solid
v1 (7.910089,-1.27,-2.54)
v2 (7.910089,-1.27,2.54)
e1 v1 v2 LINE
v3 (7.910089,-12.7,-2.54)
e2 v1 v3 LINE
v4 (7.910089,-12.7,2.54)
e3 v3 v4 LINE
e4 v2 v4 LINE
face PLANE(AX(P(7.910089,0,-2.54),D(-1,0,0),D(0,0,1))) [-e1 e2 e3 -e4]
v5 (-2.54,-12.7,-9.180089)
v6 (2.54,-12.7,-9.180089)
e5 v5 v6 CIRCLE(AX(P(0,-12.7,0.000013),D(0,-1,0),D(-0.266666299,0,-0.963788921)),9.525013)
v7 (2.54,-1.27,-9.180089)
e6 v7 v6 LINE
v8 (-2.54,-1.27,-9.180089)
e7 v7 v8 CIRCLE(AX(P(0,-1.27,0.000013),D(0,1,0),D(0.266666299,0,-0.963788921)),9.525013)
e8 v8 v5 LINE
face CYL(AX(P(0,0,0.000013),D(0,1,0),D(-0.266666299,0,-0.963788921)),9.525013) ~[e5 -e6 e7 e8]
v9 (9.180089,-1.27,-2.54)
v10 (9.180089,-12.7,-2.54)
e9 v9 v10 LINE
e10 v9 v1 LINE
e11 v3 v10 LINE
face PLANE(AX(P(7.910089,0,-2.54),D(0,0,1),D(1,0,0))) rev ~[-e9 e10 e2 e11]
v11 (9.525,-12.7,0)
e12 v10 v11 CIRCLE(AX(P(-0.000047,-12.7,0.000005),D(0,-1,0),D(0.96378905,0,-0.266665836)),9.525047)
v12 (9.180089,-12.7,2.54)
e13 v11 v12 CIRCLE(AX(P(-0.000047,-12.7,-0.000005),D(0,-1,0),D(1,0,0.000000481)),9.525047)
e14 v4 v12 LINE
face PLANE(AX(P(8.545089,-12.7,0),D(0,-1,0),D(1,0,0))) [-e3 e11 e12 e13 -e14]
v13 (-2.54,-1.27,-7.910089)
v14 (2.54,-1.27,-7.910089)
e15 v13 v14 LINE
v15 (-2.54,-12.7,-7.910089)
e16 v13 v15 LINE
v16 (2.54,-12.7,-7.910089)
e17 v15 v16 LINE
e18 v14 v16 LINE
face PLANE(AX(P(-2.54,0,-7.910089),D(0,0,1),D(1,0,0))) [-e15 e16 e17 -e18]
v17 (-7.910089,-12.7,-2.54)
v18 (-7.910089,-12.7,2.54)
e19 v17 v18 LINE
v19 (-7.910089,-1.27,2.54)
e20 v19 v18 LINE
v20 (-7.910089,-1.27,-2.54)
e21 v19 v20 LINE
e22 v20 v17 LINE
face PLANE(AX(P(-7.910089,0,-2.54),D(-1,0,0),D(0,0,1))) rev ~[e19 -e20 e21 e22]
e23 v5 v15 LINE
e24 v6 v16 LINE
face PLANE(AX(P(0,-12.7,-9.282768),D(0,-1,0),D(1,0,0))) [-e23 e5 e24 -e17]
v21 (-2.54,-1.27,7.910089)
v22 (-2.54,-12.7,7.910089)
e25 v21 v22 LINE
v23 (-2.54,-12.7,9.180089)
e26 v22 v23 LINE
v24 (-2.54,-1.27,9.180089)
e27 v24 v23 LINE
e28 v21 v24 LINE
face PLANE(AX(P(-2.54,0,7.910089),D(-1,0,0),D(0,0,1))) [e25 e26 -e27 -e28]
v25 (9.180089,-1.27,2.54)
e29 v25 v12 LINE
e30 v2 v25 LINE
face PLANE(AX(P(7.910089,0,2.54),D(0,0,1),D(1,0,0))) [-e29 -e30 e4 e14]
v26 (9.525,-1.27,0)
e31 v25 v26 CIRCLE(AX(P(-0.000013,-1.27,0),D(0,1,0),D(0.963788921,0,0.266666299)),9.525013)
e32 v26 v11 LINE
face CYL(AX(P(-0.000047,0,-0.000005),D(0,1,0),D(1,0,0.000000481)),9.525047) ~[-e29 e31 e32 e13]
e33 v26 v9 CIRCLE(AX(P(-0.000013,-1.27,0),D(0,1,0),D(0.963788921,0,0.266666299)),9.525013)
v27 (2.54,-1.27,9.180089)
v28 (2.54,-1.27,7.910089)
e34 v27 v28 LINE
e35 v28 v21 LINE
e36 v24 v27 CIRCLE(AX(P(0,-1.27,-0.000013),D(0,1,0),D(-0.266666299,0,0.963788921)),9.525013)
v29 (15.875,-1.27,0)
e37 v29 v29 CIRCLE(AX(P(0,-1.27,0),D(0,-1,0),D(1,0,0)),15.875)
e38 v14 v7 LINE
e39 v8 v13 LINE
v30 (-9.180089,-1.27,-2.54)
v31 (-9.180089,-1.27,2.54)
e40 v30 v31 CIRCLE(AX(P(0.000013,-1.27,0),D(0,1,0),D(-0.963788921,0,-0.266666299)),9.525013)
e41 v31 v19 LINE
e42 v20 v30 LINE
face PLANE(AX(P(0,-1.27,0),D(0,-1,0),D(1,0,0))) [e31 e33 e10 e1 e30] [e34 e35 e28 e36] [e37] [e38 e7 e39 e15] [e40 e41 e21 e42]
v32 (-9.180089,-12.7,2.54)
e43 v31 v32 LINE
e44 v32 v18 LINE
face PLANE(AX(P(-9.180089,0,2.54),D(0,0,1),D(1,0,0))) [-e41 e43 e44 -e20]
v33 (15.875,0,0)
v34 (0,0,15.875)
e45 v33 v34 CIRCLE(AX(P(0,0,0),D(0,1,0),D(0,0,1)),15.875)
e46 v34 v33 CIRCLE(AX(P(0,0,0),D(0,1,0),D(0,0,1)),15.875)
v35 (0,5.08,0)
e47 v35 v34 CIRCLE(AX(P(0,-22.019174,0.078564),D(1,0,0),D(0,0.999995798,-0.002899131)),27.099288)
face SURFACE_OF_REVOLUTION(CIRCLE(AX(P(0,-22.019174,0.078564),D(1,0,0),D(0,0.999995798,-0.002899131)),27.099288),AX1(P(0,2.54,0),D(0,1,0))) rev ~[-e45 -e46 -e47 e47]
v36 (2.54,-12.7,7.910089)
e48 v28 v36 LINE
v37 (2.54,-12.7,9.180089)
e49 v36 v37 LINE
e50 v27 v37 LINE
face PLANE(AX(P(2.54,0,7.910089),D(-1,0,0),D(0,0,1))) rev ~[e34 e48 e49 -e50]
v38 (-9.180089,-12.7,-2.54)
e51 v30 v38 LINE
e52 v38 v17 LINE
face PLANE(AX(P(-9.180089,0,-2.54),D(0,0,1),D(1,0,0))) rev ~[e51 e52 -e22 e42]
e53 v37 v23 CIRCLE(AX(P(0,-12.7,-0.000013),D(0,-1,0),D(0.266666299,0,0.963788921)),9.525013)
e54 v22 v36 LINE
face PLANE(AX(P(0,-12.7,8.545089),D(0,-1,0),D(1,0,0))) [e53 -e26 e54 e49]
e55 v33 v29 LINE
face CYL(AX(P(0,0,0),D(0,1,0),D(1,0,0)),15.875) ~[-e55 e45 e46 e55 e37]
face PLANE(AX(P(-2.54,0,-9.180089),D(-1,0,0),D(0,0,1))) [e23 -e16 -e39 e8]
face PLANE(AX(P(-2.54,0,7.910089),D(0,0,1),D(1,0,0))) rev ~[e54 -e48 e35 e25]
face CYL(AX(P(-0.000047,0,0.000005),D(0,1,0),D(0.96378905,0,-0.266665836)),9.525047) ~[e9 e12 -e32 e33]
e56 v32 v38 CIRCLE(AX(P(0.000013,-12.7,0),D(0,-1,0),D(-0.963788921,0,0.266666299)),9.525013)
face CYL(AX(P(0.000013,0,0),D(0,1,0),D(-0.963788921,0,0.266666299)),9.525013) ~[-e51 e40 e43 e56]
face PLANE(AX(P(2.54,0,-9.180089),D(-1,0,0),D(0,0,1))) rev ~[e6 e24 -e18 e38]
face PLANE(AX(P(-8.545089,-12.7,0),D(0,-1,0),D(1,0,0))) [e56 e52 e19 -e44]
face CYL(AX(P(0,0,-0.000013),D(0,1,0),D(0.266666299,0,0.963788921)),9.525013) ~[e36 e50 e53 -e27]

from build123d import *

# Parameters (mm, degrees)
F0_W      = 5.08
F0_H      = 1.27
F0_W_2    = 1.27
F0_H_2    = 5.08
F1_DEPTH  = 12.7
F3_FACE_R = 15.875
F4_DEPTH  = 1.27


with BuildPart() as f1:
    # F0 (on Front) → F1 (new body)
    with BuildSketch(Plane.XZ):
        with Locations((0, 8.545089)):
            Rectangle(F0_W, F0_H)
        with BuildLine():
            Line((-2.54, 9.180089), (2.54, 9.180089))
            ThreePointArc((2.54, 9.180089), (0, 9.525), (-2.54, 9.180089))
        make_face()
        with Locations((-8.545089, 0)):
            Rectangle(F0_W_2, F0_H_2)
        with BuildLine():
            Line((-9.180089, -2.54), (-9.180089, 2.54))
            ThreePointArc((-9.180089, 2.54), (-9.525, 0), (-9.180089, -2.54))
        make_face()
        with BuildLine():
            ThreePointArc((-2.54, -9.180089), (0, -9.525), (2.54, -9.180089))
            Line((2.54, -9.180089), (-2.54, -9.180089))
        make_face()
        with Locations((0, -8.545089)):
            Rectangle(F0_W, F0_H)
        with Locations((8.545089, 0)):
            Rectangle(F0_W_2, F0_H_2)
        with BuildLine():
            ThreePointArc((9.180089, -2.54), (9.438378, -1.281656), (9.525, 0))
            ThreePointArc((9.525, 0), (9.438378, 1.281656), (9.180089, 2.54))
            Line((9.180089, 2.54), (9.180089, -2.54))
        make_face()
    extrude(amount=F1_DEPTH)

    # F2 (on Right) → F3 (revolve)
    with BuildSketch(Plane.YZ):
        with BuildLine():
            Line((0, 15.875), (0, 0))
            Line((0, 0), (5.08, 0))
            ThreePointArc((5.08, 0), (3.790842, 8.33777), (0, 15.875))
        make_face()
    revolve(axis=Axis((0, 2.54, 0), (0, 1, 0)))

    # F3_face (on face) → F4 (join)
    with BuildSketch(Plane.XZ):
        Circle(F3_FACE_R)
        with BuildLine():
            Line((-7.910089, 2.54), (-7.910089, -2.54))
            Line((-7.910089, -2.54), (-9.180089, -2.54))
            ThreePointArc((-9.180089, -2.54), (-9.525, 0), (-9.180089, 2.54))
            Line((-9.180089, 2.54), (-7.910089, 2.54))
        make_face(mode=Mode.SUBTRACT)
        with BuildLine():
            Line((-2.54, -9.180089), (-2.54, -7.910089))
            Line((-2.54, -7.910089), (2.54, -7.910089))
            Line((2.54, -7.910089), (2.54, -9.180089))
            ThreePointArc((2.54, -9.180089), (0, -9.525), (-2.54, -9.180089))
        make_face(mode=Mode.SUBTRACT)
        with BuildLine():
            Line((2.54, 7.910089), (-2.54, 7.910089))
            Line((-2.54, 7.910089), (-2.54, 9.180089))
            ThreePointArc((-2.54, 9.180089), (0, 9.525), (2.54, 9.180089))
            Line((2.54, 9.180089), (2.54, 7.910089))
        make_face(mode=Mode.SUBTRACT)
        with BuildLine():
            ThreePointArc((9.180089, 2.54), (9.525, 0), (9.180089, -2.54))
            Line((9.180089, -2.54), (7.910089, -2.54))
            Line((7.910089, -2.54), (7.910089, 2.54))
            Line((7.910089, 2.54), (9.180089, 2.54))
        make_face(mode=Mode.SUBTRACT)
    extrude(amount=F4_DEPTH)


solid = f1.part
